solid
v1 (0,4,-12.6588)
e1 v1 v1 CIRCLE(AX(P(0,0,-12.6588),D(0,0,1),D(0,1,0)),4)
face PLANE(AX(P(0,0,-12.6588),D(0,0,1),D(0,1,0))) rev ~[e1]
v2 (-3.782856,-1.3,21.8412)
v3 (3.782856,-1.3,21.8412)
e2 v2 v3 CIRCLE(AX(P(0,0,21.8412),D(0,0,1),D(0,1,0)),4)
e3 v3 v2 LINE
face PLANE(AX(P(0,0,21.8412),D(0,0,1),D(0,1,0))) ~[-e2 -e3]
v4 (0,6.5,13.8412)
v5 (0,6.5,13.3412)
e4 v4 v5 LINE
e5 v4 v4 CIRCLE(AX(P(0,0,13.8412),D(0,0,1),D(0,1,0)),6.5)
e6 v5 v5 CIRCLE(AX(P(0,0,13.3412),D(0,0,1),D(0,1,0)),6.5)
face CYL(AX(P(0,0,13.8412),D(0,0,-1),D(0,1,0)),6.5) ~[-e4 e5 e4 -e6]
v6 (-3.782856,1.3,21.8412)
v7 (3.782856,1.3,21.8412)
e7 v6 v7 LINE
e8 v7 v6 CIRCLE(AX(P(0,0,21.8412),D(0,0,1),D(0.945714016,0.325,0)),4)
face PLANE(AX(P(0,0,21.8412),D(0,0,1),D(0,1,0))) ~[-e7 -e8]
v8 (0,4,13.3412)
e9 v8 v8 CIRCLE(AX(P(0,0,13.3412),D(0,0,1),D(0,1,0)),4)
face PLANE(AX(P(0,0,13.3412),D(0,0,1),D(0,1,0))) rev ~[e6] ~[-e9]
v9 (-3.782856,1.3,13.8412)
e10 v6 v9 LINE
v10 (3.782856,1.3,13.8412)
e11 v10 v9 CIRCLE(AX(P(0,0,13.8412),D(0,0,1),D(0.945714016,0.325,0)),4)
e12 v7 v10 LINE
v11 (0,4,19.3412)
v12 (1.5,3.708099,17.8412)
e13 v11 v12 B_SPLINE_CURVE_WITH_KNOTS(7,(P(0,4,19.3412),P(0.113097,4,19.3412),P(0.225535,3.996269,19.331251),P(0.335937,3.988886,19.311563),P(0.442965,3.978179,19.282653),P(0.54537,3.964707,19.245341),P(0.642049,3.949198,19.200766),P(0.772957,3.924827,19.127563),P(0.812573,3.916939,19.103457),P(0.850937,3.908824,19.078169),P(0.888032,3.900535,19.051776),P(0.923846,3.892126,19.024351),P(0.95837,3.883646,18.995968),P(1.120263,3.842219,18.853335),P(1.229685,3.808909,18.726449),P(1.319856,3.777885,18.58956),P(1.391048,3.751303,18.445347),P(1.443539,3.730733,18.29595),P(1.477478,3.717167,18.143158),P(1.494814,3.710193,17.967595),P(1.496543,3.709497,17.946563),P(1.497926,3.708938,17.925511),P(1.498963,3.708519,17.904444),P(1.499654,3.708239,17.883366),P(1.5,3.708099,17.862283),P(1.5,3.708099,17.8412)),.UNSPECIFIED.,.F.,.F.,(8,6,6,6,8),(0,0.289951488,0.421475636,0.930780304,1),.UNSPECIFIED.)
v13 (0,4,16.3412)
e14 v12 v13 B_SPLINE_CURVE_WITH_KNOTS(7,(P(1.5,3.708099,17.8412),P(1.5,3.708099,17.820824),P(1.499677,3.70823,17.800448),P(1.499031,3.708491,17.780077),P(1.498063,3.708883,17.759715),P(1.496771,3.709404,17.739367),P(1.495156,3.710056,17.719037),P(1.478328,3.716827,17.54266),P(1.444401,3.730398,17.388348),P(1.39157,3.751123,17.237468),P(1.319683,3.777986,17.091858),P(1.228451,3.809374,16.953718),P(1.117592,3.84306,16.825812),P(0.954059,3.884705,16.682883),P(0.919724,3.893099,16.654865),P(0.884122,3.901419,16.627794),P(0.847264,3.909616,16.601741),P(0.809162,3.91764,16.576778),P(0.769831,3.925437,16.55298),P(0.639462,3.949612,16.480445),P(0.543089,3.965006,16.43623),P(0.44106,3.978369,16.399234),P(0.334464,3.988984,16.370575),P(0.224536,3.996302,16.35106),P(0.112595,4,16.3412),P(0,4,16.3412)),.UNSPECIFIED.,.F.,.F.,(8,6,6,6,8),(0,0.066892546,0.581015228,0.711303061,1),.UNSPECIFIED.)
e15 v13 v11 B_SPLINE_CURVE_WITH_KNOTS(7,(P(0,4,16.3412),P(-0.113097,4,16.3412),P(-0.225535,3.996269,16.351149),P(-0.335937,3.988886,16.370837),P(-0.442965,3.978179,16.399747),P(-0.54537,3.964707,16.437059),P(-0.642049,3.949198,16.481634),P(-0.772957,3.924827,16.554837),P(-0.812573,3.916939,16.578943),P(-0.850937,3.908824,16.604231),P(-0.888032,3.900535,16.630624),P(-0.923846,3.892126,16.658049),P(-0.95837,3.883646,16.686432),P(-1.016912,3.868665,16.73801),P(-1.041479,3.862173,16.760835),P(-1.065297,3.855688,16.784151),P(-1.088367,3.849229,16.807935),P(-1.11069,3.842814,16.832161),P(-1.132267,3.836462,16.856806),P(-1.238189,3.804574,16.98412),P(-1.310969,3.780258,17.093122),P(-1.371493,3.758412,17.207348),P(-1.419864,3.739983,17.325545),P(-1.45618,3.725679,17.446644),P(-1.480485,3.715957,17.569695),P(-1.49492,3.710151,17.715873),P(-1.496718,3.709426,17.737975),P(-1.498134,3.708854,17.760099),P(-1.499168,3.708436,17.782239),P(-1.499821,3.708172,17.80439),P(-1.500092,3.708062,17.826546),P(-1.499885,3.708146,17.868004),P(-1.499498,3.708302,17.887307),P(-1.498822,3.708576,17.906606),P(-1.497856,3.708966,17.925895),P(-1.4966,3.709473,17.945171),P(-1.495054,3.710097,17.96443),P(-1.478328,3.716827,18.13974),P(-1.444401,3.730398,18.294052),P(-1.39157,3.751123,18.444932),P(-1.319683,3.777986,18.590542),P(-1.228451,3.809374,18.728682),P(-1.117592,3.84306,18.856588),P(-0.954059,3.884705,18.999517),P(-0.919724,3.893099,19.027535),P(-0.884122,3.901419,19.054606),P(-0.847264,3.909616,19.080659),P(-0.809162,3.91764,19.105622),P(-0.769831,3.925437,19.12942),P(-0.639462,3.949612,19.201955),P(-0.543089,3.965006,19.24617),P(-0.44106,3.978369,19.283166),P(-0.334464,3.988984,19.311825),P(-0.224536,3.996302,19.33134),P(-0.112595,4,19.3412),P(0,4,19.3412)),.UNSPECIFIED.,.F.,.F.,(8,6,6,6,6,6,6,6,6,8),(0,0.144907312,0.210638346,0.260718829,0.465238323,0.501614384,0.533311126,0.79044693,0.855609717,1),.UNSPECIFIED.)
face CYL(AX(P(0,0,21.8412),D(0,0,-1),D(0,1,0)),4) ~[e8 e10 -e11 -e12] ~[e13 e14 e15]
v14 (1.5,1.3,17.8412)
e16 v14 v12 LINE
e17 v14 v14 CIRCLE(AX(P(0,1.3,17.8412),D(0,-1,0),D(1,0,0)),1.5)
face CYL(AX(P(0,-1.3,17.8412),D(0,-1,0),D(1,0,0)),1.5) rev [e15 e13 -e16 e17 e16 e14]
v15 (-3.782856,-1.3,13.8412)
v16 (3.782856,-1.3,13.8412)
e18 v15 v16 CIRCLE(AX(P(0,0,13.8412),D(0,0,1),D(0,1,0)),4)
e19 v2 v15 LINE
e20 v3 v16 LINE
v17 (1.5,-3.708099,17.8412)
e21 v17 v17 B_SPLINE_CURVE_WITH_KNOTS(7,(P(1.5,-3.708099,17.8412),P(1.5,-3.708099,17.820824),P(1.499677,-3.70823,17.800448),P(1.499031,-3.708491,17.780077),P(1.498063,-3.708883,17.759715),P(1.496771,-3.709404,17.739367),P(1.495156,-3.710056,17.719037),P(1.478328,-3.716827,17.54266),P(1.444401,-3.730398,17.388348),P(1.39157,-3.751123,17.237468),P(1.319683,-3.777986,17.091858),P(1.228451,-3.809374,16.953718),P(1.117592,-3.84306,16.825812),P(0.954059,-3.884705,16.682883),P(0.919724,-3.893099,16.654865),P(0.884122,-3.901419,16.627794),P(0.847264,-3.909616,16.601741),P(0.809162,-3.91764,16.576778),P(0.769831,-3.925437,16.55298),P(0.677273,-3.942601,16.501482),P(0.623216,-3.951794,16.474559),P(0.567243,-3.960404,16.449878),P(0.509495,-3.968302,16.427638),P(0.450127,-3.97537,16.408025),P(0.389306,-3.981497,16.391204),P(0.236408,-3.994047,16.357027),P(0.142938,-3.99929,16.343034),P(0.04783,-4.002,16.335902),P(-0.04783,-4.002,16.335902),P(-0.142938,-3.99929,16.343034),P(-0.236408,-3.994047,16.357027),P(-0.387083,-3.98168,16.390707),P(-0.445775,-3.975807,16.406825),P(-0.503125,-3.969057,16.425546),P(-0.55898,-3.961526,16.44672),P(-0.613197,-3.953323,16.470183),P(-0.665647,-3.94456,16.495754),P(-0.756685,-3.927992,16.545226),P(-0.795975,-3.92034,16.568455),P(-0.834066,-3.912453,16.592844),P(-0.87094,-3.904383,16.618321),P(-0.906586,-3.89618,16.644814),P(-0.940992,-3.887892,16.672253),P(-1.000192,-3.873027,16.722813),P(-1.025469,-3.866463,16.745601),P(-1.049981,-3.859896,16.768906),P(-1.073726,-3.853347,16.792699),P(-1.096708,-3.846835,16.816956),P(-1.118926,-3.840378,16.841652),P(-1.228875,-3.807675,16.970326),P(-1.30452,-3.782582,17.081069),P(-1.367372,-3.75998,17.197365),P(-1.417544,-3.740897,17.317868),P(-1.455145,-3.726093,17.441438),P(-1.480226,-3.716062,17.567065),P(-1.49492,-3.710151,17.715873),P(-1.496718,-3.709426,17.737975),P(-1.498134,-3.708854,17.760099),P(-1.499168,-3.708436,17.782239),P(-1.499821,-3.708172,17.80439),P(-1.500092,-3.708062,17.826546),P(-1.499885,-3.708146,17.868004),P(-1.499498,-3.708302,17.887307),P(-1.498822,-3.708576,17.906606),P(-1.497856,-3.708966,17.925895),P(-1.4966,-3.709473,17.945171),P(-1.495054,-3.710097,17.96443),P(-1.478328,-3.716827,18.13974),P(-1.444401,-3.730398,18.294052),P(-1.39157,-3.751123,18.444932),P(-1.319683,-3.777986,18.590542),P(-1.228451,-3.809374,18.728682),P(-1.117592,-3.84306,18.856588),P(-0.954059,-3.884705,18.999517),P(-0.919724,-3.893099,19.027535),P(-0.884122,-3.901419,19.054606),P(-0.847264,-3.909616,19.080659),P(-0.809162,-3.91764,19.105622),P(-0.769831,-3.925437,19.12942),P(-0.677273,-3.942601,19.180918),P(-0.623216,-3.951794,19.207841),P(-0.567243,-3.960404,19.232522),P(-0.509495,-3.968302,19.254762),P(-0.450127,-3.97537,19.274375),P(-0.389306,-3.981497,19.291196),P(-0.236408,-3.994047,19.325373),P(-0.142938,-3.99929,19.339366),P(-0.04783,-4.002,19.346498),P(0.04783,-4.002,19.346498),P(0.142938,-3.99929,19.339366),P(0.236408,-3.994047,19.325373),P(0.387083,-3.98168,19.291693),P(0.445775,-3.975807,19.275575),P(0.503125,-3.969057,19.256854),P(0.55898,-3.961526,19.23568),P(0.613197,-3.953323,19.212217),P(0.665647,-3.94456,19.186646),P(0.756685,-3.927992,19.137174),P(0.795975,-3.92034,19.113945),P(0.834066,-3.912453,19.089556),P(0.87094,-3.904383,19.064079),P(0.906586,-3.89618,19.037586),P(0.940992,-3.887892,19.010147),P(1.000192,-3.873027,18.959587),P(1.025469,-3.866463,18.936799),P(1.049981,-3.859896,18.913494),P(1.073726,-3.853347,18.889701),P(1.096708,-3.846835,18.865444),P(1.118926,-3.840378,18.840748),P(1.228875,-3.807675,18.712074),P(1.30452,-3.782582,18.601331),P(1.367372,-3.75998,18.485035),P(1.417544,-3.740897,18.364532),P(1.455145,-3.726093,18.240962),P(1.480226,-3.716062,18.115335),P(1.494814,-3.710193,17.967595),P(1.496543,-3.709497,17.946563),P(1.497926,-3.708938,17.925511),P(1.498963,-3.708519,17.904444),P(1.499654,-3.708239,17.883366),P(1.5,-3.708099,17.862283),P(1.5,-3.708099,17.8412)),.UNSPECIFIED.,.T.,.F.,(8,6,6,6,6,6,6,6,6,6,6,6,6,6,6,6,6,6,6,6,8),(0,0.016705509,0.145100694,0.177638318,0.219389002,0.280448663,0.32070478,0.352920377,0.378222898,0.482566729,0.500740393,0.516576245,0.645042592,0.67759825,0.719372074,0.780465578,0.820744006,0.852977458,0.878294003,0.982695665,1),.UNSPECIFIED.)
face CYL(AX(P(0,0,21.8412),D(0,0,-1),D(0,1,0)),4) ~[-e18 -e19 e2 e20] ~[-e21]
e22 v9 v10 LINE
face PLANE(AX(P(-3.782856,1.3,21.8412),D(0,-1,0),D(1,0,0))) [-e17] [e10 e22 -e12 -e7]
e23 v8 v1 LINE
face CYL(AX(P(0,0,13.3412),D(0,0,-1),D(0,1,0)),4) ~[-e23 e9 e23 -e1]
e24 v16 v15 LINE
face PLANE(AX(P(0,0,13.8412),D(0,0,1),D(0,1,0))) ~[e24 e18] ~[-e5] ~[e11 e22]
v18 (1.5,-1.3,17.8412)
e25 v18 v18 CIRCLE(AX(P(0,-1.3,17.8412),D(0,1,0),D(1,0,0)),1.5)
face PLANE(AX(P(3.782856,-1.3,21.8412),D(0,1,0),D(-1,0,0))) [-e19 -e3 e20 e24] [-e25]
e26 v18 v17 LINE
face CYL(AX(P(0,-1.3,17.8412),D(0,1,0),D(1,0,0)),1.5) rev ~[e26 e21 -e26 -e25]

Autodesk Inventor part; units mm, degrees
ref_plane "YZ Plane" through (0, 0, 0) normal (1, 0, 0) x (0, 1, 0)
ref_plane "XZ Plane" through (0, 0, 0) normal (0, 1, 0) x (-1, 0, 0)
ref_plane "XY Plane" through (0, 0, 0) normal (0, 0, 1) x (1, 0, 0)
sketch "Sketch2" plane through (0, 0, 0) normal (1, 0, 0) x (0, 1, 0)
  line L0 (0, 21.8412) -> (4, 21.8412)
  line L1 (4, 21.8412) -> (4, 13.8412)
  line L2 (4, 13.8412) -> (6.5, 13.8412)
  line L3 (6.5, 13.8412) -> (6.5, 13.3412)
  line L4 (6.5, 13.3412) -> (4, 13.3412)
  line L5 (4, 13.3412) -> (4, -12.6588)
  line L6 (4, -12.6588) -> (0, -12.6588)
  line L7 (0, -12.6588) -> (0, 21.8412)
  point P0 (0, 0)
  dimension "d0" = 4
  dimension "d1" = 8
  dimension "d2" = 2.5
  dimension "d3" = 0.5
  dimension "d4" = 26
revolve "Revolution1" add sketch "Sketch2" angle 360 about axis through (0, 0, -12.6588) along (0, 0, 1)
sketch "Sketch3" plane through (0, 0, 21.8412) normal (0, 0, 1) x (1, 0, 0)
  line L0 (7.5, -1.3) -> (-7.5, -1.3)
  line L1 (-7.5, -1.3) -> (-7.5, 1.3)
  line L2 (-7.5, 1.3) -> (7.5, 1.3)
  line L3 (7.5, 1.3) -> (7.5, -1.3)
  circle A0 centre (0, 0) radius 4 projected
  line L4 (7.5, -1.3) -> (-7.5, 1.3) construction
  line L5 (-7.5, -1.3) -> (7.5, 1.3) construction
  point P0 (3.7829, 1.3)
  point P1 (-3.7829, 1.3)
  point P2 (-3.7829, -1.3)
  point P3 (3.7829, -1.3)
  dimension "d14" = 2.6
  dimension "d15" = 15
extrude "Extrusion1" cut sketch "Sketch3" against normal blind 8 contours L0 A0 L2
sketch "Sketch5" plane through (-3.7829, -1.3, 21.8412) normal (0, 1, 0) x (1, 0, 0)
  circle A0 centre (3.7829, 4) radius 1.5
  line L0 (7.5657, 0) -> (0, 0) projected
  line L1 (7.5657, 0) -> (0, 0) projected
  line L2 (7.5657, 0) -> (0, 0) projected
  line L3 (7.5657, 8) -> (7.5657, 0) projected
  line L4 (7.5657, 0) -> (0, 0) projected
  line L5 (0, 0) -> (0, 8) projected
  line L6 (7.5657, 8) -> (0, 8) projected
  point P0 (3.7829, 21.8412)
  dimension "d8" = 4
  dimension "d9" = 3.7829
  dimension "d10" = 3.7829
  dimension "d13" = 3
extrude "Extrusion2" cut sketch "Sketch5" along normal through all both and the other way through all contours A0
equation "\"d9\" = d10"
properties part number "pole"
